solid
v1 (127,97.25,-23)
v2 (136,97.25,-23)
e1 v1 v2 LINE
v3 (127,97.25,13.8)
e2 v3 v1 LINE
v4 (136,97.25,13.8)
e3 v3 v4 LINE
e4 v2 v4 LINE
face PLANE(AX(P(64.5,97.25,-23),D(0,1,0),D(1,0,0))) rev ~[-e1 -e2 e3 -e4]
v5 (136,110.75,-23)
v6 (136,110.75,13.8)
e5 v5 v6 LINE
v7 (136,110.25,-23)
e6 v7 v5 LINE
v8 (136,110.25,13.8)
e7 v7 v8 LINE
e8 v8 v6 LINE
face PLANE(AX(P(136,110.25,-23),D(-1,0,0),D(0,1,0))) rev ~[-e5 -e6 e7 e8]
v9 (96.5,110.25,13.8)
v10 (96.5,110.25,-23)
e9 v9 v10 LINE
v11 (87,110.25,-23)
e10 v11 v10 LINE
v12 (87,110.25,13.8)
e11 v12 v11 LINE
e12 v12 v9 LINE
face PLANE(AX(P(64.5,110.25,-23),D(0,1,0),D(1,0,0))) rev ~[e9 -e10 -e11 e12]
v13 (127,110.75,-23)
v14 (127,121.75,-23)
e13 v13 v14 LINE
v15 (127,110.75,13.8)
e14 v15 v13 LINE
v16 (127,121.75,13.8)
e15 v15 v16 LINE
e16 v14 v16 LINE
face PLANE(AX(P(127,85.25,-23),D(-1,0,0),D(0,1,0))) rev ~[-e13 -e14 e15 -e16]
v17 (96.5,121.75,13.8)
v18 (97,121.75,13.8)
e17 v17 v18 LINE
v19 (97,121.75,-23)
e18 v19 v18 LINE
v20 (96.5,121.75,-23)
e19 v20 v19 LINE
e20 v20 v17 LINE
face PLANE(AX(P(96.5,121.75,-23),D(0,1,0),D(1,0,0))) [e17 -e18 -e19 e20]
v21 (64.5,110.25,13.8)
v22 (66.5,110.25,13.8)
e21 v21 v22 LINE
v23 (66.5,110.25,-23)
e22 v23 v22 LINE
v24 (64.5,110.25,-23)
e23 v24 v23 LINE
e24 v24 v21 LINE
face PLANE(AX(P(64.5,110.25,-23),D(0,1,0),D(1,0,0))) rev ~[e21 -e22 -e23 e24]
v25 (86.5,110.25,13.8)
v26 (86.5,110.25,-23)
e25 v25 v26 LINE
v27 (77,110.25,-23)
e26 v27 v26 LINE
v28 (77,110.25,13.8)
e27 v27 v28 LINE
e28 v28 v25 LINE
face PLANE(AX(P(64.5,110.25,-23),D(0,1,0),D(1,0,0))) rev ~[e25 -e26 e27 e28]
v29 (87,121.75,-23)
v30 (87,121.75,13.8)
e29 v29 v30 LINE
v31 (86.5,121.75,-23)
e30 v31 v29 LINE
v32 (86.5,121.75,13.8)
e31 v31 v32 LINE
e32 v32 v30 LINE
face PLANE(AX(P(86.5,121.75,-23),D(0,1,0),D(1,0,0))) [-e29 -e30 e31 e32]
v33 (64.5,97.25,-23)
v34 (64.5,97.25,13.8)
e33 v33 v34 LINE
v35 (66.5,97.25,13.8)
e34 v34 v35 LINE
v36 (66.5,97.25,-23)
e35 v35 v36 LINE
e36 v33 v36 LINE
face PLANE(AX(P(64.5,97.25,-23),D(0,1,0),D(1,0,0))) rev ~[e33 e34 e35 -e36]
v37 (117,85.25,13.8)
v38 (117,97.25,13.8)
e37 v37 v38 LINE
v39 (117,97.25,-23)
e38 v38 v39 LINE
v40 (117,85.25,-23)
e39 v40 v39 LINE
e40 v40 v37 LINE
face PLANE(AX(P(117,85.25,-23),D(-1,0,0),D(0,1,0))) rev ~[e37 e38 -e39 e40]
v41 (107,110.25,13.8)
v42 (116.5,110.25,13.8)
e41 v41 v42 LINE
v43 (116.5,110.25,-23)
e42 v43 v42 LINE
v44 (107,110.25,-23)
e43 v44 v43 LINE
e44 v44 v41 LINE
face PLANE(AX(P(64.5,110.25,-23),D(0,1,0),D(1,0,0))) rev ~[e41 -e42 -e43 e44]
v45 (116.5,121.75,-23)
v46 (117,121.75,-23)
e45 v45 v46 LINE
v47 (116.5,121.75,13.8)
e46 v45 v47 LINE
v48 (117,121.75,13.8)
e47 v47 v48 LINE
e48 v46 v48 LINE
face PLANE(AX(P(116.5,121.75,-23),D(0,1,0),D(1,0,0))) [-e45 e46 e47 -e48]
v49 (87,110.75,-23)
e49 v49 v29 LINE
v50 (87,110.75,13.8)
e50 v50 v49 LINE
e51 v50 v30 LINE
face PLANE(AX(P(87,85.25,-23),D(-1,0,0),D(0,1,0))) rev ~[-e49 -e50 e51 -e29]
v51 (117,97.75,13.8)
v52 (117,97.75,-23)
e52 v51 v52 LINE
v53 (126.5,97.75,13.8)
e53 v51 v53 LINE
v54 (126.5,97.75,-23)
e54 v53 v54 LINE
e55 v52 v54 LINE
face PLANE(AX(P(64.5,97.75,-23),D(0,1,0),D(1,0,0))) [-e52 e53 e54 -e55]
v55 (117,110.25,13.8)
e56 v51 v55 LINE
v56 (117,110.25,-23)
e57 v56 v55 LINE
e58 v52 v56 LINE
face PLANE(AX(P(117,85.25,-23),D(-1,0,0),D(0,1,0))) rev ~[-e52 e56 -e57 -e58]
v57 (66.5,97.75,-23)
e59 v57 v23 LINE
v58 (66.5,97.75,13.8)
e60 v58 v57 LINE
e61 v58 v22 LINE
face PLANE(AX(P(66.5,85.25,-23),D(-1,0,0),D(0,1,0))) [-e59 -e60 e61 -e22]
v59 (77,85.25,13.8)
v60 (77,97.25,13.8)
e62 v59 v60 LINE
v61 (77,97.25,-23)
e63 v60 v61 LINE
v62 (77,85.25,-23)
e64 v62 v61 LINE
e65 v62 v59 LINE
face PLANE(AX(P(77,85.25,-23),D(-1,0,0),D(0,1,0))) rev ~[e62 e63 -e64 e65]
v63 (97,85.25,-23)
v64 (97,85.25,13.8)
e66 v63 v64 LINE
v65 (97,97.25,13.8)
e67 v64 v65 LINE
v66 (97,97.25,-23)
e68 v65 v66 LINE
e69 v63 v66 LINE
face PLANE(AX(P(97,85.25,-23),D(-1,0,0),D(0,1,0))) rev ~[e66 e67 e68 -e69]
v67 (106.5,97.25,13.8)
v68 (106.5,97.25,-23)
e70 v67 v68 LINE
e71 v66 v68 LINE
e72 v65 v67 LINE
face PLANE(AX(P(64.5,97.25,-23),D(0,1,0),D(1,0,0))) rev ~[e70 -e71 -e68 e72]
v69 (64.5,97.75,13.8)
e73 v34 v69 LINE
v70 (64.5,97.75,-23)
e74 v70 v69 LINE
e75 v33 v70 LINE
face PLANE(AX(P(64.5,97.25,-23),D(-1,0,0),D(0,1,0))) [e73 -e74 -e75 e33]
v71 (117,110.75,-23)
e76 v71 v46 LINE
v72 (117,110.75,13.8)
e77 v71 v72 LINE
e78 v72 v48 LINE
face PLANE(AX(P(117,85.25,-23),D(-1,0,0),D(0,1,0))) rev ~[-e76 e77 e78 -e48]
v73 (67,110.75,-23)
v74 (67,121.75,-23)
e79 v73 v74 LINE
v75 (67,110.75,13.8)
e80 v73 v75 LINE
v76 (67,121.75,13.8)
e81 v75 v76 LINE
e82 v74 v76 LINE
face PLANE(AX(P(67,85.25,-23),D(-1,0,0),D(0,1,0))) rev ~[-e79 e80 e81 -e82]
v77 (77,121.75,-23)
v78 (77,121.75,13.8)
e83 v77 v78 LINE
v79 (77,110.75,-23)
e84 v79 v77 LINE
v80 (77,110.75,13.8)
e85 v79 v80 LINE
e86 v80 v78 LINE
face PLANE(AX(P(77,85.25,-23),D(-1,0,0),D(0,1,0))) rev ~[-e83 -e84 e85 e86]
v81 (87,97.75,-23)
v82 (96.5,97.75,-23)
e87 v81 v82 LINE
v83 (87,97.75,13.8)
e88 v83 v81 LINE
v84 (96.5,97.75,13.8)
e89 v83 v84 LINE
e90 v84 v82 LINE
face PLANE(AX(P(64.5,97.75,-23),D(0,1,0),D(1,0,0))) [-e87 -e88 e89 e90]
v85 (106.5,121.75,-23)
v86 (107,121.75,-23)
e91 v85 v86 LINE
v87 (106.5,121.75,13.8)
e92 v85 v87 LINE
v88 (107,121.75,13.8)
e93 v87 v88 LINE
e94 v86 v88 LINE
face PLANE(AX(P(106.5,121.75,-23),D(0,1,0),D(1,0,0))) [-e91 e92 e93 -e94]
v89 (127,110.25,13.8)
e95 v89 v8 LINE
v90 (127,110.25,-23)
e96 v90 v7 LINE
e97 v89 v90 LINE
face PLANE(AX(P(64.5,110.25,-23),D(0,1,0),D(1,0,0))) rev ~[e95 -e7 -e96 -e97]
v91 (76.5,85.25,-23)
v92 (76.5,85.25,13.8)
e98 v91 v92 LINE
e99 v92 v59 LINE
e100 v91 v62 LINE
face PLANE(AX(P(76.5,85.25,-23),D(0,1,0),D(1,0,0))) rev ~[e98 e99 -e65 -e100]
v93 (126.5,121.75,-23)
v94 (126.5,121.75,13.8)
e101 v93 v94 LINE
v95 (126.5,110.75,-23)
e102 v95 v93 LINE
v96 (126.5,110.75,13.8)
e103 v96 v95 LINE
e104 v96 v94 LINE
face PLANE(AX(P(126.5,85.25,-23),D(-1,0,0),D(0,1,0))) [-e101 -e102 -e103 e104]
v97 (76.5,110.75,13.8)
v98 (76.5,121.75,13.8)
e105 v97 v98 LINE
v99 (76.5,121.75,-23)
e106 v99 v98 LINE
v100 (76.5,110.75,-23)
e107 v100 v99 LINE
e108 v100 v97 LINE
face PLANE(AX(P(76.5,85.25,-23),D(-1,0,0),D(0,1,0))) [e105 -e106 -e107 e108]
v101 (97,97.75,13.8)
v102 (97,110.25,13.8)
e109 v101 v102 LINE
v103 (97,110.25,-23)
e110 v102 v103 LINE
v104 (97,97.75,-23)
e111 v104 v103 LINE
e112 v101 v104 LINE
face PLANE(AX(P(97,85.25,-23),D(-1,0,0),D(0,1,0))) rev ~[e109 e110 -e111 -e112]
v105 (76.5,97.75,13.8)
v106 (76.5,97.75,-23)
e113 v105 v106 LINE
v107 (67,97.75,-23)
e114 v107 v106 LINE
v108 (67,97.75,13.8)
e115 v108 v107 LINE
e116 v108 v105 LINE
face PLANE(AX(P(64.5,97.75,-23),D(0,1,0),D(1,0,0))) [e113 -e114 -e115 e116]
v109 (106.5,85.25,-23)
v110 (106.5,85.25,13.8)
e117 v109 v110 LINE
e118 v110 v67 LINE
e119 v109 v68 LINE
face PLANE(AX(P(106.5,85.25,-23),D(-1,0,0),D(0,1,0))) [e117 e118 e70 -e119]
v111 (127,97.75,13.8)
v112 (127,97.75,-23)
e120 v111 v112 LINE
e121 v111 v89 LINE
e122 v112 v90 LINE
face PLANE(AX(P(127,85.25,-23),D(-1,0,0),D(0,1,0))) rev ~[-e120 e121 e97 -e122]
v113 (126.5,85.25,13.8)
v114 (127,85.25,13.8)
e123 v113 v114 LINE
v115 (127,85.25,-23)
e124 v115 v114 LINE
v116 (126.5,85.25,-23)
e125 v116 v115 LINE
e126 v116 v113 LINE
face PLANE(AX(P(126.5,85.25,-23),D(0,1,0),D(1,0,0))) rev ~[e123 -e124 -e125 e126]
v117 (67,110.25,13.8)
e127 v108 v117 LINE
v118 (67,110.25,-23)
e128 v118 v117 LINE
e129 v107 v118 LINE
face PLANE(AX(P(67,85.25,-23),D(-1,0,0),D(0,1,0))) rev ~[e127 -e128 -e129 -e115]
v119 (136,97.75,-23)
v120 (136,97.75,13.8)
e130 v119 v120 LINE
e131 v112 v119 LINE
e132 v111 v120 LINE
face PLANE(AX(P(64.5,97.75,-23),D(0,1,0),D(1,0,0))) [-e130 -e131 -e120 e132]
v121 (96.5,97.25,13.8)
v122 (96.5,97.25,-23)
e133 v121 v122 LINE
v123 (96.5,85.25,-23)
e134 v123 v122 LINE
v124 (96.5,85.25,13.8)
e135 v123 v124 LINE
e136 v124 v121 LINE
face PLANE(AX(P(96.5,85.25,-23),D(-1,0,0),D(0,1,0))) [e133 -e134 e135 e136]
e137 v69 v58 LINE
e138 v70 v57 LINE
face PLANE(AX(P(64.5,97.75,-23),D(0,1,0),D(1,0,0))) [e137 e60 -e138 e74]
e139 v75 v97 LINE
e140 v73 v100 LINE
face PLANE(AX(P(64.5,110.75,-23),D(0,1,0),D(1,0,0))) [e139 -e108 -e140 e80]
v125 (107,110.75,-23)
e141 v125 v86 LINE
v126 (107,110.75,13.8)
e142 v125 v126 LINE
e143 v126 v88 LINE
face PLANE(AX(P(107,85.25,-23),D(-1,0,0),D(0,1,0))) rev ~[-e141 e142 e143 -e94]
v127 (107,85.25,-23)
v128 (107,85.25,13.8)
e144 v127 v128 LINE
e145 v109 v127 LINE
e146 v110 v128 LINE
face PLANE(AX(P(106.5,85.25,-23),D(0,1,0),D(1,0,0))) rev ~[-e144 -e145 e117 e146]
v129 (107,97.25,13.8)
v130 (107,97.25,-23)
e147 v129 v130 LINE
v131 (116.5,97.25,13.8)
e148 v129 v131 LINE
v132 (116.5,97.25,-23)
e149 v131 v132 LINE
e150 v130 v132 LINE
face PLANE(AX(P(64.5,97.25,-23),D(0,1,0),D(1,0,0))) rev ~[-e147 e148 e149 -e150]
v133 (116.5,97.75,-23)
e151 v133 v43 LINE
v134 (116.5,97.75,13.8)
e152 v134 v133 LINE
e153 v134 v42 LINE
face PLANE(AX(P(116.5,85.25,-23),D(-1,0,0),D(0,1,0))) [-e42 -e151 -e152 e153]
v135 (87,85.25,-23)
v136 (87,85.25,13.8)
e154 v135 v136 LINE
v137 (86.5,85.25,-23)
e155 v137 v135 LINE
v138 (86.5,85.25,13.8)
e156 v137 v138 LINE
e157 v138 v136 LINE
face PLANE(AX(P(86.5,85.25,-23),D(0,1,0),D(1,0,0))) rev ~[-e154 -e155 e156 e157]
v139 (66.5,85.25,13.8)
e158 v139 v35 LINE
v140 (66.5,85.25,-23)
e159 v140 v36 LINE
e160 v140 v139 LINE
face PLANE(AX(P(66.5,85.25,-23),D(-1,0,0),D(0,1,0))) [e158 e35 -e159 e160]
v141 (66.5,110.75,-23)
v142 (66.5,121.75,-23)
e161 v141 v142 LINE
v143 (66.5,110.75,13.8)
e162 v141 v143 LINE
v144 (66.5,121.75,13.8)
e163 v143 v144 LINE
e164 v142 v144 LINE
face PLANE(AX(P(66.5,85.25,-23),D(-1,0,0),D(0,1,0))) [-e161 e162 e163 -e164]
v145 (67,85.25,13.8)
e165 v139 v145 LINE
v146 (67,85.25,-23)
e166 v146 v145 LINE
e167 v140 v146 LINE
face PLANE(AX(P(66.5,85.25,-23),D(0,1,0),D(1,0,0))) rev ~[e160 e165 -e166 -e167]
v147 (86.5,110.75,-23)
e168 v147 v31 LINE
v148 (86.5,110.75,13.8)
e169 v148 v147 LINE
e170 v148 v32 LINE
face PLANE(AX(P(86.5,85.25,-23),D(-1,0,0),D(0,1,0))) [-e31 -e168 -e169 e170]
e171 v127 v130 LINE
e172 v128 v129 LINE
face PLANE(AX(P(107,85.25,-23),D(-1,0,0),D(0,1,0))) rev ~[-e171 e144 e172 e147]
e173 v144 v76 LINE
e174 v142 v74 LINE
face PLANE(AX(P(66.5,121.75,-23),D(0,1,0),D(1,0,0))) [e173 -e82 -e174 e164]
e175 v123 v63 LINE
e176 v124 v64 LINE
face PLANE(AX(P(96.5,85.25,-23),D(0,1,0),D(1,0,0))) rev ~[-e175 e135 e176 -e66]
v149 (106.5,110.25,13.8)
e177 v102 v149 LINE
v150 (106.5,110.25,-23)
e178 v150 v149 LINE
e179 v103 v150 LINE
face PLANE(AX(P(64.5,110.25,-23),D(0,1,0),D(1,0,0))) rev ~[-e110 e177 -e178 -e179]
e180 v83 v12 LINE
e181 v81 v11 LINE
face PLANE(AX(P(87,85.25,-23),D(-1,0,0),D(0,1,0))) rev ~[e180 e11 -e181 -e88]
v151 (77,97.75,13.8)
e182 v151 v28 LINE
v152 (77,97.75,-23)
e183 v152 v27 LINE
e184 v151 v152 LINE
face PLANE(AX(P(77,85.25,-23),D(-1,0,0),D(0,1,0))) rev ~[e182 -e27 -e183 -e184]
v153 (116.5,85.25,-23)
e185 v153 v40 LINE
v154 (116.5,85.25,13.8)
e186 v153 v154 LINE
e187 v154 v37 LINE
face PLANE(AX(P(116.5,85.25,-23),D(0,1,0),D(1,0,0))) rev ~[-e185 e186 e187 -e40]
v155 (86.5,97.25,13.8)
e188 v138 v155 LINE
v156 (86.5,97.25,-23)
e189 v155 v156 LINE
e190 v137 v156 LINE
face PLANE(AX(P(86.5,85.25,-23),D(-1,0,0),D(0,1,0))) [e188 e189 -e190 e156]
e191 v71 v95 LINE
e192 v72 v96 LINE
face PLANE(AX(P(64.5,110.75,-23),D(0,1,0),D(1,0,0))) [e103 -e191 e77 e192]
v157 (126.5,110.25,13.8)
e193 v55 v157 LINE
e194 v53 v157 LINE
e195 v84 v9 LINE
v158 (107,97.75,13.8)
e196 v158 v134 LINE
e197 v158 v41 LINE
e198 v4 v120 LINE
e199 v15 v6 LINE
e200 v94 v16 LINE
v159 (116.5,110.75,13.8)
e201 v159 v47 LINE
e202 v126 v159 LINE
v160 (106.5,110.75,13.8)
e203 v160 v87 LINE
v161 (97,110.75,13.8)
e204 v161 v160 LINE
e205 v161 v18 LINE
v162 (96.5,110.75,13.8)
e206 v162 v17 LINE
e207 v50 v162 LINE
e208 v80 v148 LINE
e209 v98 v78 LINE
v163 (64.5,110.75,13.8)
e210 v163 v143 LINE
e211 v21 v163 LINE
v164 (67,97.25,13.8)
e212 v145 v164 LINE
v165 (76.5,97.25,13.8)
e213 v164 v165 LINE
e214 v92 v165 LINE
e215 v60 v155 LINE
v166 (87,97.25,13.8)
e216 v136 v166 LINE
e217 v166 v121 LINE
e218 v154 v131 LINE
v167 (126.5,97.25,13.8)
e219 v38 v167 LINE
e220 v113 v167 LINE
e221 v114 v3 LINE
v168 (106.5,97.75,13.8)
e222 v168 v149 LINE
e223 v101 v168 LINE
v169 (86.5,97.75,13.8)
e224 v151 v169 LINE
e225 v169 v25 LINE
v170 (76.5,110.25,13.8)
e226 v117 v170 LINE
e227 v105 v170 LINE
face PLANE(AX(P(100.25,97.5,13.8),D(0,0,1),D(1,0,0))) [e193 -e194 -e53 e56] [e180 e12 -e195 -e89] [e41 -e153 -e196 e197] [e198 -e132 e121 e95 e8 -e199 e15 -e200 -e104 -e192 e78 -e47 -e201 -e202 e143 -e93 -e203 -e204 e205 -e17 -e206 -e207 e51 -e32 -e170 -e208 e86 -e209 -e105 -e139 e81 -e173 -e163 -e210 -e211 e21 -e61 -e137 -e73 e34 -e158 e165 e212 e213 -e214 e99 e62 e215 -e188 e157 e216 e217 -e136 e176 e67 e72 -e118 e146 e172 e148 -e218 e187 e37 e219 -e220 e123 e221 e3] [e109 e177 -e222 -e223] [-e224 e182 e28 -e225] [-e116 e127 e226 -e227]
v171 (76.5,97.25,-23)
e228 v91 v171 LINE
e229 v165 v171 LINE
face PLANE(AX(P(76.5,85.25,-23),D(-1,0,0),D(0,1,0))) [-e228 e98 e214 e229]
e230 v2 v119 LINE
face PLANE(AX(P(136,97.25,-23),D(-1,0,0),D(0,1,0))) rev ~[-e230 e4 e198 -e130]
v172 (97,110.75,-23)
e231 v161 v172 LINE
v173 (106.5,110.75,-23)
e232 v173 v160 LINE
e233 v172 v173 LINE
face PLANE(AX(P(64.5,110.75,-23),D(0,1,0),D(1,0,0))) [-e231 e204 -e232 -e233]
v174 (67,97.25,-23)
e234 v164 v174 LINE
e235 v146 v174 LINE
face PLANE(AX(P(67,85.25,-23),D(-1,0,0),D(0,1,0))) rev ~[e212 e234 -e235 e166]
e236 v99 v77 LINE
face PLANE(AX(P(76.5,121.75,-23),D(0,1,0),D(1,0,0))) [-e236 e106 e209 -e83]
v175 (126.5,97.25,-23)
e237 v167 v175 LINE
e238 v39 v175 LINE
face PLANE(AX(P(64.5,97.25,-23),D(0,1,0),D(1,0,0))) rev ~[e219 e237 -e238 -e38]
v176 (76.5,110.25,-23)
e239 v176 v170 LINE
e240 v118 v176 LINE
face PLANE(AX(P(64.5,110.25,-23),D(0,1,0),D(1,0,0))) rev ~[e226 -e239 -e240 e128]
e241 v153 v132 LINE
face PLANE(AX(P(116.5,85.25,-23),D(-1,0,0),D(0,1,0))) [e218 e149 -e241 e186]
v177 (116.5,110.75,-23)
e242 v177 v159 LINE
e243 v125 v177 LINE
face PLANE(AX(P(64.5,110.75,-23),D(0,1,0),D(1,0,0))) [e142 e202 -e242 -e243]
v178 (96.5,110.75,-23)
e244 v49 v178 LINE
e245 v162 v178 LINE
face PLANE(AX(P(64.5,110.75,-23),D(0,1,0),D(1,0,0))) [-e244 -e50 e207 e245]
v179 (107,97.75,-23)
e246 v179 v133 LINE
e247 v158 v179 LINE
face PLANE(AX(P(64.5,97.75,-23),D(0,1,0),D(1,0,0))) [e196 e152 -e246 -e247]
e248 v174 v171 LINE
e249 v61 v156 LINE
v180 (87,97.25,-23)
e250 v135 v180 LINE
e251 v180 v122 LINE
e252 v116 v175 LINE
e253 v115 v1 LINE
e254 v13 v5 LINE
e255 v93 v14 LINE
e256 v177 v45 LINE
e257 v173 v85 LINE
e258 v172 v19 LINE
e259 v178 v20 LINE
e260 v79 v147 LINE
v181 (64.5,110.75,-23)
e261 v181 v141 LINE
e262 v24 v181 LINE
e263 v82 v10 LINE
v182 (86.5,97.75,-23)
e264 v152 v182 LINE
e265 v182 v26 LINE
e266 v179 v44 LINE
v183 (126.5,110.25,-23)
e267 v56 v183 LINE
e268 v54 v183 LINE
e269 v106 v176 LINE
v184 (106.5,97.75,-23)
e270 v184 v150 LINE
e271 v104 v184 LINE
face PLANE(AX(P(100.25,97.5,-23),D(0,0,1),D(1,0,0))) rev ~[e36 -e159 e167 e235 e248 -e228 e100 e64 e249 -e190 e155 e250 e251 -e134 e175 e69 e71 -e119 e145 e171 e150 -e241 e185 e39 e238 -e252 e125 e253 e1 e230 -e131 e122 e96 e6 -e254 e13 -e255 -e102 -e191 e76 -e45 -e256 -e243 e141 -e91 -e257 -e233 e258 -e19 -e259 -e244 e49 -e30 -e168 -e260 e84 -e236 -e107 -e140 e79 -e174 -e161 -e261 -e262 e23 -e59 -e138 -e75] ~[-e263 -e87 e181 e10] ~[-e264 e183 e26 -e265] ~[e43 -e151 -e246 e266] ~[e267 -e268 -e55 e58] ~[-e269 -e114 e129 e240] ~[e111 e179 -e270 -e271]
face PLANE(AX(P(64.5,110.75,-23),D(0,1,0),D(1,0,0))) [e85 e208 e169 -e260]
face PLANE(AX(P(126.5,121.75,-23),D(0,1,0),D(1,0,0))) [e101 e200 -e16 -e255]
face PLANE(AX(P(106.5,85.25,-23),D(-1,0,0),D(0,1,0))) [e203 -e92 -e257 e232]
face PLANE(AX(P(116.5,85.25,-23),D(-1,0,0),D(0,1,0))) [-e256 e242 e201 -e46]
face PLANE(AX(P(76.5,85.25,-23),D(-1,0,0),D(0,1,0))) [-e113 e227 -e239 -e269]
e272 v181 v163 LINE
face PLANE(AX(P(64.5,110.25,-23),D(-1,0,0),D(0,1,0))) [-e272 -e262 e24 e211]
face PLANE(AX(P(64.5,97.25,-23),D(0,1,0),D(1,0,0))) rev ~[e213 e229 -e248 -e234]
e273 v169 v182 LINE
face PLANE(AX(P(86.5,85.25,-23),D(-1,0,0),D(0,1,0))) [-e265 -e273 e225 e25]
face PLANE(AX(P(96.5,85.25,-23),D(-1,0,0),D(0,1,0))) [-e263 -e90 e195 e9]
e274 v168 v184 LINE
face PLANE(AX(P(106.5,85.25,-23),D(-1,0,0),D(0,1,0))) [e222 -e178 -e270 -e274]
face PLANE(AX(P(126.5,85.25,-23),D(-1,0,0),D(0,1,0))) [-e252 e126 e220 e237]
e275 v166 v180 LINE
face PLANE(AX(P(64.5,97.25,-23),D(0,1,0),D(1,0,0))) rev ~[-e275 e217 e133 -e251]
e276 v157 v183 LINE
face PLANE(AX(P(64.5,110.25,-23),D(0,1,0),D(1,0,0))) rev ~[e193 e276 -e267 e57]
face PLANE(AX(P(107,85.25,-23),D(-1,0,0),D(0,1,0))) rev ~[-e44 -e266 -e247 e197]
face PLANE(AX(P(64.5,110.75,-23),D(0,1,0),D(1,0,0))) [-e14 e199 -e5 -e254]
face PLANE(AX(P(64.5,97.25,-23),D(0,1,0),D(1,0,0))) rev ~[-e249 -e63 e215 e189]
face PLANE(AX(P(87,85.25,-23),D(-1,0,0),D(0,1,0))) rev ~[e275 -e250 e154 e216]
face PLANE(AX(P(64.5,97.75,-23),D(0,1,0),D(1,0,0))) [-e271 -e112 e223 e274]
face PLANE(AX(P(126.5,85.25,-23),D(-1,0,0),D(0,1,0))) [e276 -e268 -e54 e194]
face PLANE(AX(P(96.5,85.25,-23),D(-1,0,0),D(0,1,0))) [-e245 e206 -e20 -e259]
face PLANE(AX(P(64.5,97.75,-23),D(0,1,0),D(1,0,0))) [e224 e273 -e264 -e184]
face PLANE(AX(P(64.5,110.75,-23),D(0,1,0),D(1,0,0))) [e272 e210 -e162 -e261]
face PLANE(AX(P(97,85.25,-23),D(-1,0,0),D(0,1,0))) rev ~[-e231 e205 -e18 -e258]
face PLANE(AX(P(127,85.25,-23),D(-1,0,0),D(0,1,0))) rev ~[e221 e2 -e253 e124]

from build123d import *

# Parameters (mm, degrees)
BOX029_W     = 0.5
BOX029_H     = 36.5
BOX029_DEPTH = 36.8
BOX030_W     = 0.5
BOX030_H     = 36.5
BOX030_DEPTH = 36.8
BOX034_W     = 71.5
BOX034_H     = 0.5
BOX034_DEPTH = 36.8
BOX032_W     = 0.5
BOX032_H     = 36.5
BOX032_DEPTH = 36.8
BOX028_W     = 0.5
BOX028_H     = 36.5
BOX028_DEPTH = 36.8
BOX027_W     = 0.5
BOX027_H     = 36.5
BOX027_DEPTH = 36.8
BOX031_W     = 0.5
BOX031_H     = 36.5
BOX031_DEPTH = 36.8
BOX033_W     = 71.5
BOX033_H     = 0.5
BOX033_DEPTH = 36.8
BOX026_W     = 0.5
BOX026_H     = 36.5
BOX026_DEPTH = 36.8


with BuildPart() as box029:
    # Box029 → Box029 (new body)
    with BuildSketch(Plane(origin=(96.5, 85.25, -23), x_dir=(1, 0, 0), z_dir=(0, 0, 1))):
        with Locations((0.25, 18.25)):
            Rectangle(BOX029_W, BOX029_H)
    extrude(amount=BOX029_DEPTH)


with BuildPart() as box030:
    # Box030 → Box030 (new body)
    with BuildSketch(Plane(origin=(86.5, 85.25, -23), x_dir=(1, 0, 0), z_dir=(0, 0, 1))):
        with Locations((0.25, 18.25)):
            Rectangle(BOX030_W, BOX030_H)
    extrude(amount=BOX030_DEPTH)


with BuildPart() as box034:
    # Box034 → Box034 (new body)
    with BuildSketch(Plane(origin=(64.5, 110.25, -23), x_dir=(1, 0, 0), z_dir=(0, 0, 1))):
        with Locations((35.75, 0.25)):
            Rectangle(BOX034_W, BOX034_H)
    extrude(amount=BOX034_DEPTH)


with BuildPart() as box032:
    # Box032 → Box032 (new body)
    with BuildSketch(Plane(origin=(66.5, 85.25, -23), x_dir=(1, 0, 0), z_dir=(0, 0, 1))):
        with Locations((0.25, 18.25)):
            Rectangle(BOX032_W, BOX032_H)
    extrude(amount=BOX032_DEPTH)


with BuildPart() as box028:
    # Box028 → Box028 (new body)
    with BuildSketch(Plane(origin=(106.5, 85.25, -23), x_dir=(1, 0, 0), z_dir=(0, 0, 1))):
        with Locations((0.25, 18.25)):
            Rectangle(BOX028_W, BOX028_H)
    extrude(amount=BOX028_DEPTH)


with BuildPart() as box027:
    # Box027 → Box027 (new body)
    with BuildSketch(Plane(origin=(116.5, 85.25, -23), x_dir=(1, 0, 0), z_dir=(0, 0, 1))):
        with Locations((0.25, 18.25)):
            Rectangle(BOX027_W, BOX027_H)
    extrude(amount=BOX027_DEPTH)


with BuildPart() as box031:
    # Box031 → Box031 (new body)
    with BuildSketch(Plane(origin=(76.5, 85.25, -23), x_dir=(1, 0, 0), z_dir=(0, 0, 1))):
        with Locations((0.25, 18.25)):
            Rectangle(BOX031_W, BOX031_H)
    extrude(amount=BOX031_DEPTH)


with BuildPart() as box033:
    # Box033 → Box033 (new body)
    with BuildSketch(Plane(origin=(64.5, 97.25, -23), x_dir=(1, 0, 0), z_dir=(0, 0, 1))):
        with Locations((35.75, 0.25)):
            Rectangle(BOX033_W, BOX033_H)
    extrude(amount=BOX033_DEPTH)


with BuildPart() as support:
    # Box026 → Box026 (new body)
    with BuildSketch(Plane(origin=(126.5, 85.25, -23), x_dir=(1, 0, 0), z_dir=(0, 0, 1))):
        with Locations((0.25, 18.25)):
            Rectangle(BOX026_W, BOX026_H)
    extrude(amount=BOX026_DEPTH)

    # Fusion019: union Box029, Box030, Box034, Box032, Box028, Box027, Box031, Box033
    add(box029.part)
    add(box030.part)
    add(box034.part)
    add(box032.part)
    add(box028.part)
    add(box027.part)
    add(box031.part)
    add(box033.part)


solid = support.part
